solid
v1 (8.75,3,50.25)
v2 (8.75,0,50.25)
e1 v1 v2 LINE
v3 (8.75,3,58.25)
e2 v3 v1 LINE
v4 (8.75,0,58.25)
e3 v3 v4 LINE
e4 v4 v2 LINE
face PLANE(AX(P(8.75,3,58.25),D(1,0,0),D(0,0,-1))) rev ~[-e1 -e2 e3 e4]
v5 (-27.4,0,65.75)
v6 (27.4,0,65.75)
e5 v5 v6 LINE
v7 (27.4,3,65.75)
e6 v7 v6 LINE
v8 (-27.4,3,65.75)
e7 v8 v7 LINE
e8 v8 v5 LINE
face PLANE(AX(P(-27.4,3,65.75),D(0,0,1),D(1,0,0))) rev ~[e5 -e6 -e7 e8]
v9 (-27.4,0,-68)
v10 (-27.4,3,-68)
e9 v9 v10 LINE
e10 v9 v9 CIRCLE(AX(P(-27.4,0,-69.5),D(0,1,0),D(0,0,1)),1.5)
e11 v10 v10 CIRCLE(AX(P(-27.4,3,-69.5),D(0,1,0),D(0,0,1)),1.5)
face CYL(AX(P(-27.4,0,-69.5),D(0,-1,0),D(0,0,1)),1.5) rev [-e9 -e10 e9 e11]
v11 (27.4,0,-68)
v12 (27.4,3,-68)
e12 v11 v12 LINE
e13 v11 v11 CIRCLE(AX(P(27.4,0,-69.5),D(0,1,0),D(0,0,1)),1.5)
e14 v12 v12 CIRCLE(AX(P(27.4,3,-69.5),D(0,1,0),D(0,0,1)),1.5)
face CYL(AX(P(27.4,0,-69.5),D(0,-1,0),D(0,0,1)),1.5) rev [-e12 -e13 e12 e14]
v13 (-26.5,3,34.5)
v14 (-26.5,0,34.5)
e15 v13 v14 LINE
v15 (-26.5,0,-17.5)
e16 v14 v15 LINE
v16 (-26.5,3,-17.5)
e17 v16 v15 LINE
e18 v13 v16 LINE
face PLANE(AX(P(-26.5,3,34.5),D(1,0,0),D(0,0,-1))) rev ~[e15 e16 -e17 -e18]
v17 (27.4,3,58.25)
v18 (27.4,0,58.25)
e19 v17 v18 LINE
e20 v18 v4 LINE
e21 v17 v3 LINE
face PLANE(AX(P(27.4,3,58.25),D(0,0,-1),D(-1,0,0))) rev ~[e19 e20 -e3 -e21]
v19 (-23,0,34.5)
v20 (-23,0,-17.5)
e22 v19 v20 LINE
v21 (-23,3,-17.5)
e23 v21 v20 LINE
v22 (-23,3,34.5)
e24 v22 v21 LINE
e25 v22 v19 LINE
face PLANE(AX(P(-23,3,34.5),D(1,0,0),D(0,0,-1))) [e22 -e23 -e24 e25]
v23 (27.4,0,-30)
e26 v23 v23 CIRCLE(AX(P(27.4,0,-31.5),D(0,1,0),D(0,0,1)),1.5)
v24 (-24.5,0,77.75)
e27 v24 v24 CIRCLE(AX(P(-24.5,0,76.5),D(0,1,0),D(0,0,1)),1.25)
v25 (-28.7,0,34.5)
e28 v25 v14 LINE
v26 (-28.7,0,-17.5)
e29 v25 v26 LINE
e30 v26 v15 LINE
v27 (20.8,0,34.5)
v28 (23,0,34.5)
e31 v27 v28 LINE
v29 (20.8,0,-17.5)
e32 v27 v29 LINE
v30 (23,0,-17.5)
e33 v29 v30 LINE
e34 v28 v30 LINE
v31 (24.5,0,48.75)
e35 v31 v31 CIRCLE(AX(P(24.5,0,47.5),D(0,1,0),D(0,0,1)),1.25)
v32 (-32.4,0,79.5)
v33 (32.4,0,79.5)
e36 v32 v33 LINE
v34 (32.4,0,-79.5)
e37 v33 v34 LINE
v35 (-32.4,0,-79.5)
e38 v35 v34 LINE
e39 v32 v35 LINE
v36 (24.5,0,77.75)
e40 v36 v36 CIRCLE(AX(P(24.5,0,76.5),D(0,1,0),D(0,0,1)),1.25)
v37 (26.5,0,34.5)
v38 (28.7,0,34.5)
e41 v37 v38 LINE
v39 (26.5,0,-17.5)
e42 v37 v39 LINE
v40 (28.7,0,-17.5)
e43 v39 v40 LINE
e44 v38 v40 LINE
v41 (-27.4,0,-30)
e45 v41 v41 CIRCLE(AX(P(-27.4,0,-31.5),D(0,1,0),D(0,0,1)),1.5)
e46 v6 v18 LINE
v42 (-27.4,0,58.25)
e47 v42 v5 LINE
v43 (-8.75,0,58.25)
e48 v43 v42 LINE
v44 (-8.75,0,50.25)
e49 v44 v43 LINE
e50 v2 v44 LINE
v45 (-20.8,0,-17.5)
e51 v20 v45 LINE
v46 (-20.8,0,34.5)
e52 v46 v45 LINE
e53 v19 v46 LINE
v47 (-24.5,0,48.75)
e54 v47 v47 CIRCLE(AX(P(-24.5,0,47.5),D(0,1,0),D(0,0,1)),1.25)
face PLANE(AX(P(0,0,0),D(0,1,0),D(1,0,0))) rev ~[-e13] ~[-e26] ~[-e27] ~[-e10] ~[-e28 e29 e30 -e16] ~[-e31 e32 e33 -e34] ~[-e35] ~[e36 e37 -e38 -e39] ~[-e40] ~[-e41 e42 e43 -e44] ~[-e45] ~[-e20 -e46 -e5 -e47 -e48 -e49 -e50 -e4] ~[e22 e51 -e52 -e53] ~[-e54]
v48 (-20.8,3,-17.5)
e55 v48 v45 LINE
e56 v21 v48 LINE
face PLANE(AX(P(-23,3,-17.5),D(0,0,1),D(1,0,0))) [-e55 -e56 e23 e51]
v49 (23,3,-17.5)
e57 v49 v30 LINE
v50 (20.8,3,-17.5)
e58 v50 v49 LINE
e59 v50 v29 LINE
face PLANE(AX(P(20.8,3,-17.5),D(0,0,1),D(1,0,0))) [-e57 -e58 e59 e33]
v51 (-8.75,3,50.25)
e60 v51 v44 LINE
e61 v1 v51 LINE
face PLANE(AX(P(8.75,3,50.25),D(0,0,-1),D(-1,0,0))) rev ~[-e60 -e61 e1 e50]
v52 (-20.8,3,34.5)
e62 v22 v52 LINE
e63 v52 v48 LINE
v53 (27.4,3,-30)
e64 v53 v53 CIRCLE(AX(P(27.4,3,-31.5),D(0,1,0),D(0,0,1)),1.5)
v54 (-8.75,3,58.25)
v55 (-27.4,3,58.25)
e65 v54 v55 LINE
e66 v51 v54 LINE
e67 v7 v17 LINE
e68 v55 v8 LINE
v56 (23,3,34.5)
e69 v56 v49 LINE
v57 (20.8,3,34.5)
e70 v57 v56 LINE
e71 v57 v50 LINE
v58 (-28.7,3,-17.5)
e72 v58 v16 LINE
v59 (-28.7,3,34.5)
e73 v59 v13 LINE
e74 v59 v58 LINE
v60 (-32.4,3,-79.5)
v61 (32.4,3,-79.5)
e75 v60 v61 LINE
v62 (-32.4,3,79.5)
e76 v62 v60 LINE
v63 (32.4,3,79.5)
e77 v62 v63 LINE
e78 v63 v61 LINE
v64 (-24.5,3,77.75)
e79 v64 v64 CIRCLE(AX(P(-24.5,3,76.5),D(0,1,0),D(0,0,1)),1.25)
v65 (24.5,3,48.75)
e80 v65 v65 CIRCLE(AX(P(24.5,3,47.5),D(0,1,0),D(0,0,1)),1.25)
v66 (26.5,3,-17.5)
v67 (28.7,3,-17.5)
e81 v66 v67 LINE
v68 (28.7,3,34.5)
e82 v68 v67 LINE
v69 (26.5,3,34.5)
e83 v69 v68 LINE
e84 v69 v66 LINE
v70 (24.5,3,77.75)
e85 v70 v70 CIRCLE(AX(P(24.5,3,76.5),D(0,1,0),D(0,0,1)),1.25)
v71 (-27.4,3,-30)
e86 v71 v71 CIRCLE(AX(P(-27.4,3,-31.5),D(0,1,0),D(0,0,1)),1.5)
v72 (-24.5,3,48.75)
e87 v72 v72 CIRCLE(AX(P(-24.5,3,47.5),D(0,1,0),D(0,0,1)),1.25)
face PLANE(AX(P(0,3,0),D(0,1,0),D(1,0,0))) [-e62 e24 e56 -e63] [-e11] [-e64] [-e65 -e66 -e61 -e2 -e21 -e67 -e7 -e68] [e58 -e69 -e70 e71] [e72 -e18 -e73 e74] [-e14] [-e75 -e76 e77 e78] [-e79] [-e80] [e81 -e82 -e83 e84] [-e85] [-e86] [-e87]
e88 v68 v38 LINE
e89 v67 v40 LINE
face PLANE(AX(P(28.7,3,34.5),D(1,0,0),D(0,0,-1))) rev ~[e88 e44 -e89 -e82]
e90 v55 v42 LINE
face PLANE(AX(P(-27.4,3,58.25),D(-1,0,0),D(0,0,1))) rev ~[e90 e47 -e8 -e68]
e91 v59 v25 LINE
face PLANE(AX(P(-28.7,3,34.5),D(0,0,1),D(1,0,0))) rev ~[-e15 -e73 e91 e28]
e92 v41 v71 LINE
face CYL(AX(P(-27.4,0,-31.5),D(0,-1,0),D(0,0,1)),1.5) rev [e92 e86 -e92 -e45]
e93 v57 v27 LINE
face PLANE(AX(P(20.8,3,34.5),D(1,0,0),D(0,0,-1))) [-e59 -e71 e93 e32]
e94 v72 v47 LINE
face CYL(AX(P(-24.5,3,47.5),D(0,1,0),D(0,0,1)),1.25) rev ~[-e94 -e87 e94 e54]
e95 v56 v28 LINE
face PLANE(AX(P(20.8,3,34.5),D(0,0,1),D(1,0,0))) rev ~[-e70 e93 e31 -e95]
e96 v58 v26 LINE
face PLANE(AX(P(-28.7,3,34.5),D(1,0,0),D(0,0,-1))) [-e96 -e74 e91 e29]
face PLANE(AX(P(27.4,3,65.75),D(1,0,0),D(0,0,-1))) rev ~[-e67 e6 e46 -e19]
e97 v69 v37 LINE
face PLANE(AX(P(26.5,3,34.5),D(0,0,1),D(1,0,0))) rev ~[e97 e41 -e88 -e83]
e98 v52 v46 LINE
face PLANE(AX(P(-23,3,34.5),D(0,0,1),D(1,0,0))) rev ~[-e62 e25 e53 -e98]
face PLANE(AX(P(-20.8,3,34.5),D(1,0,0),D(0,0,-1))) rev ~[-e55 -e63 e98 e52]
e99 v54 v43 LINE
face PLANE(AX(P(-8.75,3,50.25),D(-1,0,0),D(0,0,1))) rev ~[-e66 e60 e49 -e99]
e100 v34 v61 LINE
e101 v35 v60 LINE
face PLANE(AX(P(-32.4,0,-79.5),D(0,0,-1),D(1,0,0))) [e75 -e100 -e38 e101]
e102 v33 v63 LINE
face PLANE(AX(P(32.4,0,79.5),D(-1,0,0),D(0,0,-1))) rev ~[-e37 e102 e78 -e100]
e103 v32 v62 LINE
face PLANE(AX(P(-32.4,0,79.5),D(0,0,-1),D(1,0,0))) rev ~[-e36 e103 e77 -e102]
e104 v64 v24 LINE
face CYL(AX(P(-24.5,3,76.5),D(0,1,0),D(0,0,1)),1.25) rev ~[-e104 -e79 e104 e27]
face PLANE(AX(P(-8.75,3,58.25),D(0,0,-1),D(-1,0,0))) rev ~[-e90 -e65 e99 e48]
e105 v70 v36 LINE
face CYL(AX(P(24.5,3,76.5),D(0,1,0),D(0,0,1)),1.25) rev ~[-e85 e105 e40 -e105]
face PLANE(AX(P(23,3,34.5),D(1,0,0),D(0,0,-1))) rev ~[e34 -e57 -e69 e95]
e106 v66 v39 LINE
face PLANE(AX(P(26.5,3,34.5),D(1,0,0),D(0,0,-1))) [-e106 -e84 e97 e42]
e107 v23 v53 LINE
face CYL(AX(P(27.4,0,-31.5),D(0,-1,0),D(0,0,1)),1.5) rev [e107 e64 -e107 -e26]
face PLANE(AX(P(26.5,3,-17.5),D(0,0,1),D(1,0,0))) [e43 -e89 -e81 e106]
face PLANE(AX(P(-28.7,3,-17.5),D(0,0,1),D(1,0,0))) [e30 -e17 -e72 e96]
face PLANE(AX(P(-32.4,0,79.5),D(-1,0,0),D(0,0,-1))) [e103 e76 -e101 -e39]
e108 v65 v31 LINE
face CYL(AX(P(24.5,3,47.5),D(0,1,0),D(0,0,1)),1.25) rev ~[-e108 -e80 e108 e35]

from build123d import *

# Parameters (mm, degrees)
SKETCH1_W           = 64.8
SKETCH1_H           = 159
SKETCH1_R           = 1.5
BOSS_EXTRUDE1_DEPTH = 3
SKETCH7_W           = 2.2
SKETCH7_H           = 52
CUT_EXTRUDE4_DEPTH  = 86.901164136
CUT_EXTRUDE6_DEPTH  = 86.901164136
SKETCH12_R          = 1.25
CUT_EXTRUDE8_DEPTH  = 10


with BuildPart() as part:
    # Sketch1 → Boss-Extrude1 (new body)
    with BuildSketch(Plane(origin=(0, 0, 0), x_dir=(1, 0, 0), z_dir=(0, 1, 0))):
        Rectangle(SKETCH1_W, SKETCH1_H)
        with Locations(Location((-27.4, 69.5, 0), (0, 0, 270))):
            Circle(SKETCH1_R, mode=Mode.SUBTRACT)
        with Locations(Location((27.4, 69.5, 0), (0, 0, 270))):
            Circle(SKETCH1_R, mode=Mode.SUBTRACT)
        with Locations(Location((27.4, 31.5, 0), (0, 0, 270))):
            Circle(SKETCH1_R, mode=Mode.SUBTRACT)
        with Locations(Location((-27.4, 31.5, 0), (0, 0, 270))):
            Circle(SKETCH1_R, mode=Mode.SUBTRACT)
    extrude(amount=BOSS_EXTRUDE1_DEPTH)

    # Sketch7 → Cut-Extrude4 (cut, through all)
    with BuildSketch(Plane(origin=(0, 3, 0), x_dir=(1, 0, 0), z_dir=(0, 1, 0))):
        with Locations((-27.6, -8.5)):
            Rectangle(SKETCH7_W, SKETCH7_H)
        with Locations((27.6, -8.5)):
            Rectangle(SKETCH7_W, SKETCH7_H)
        with Locations((-21.9, -8.5)):
            Rectangle(SKETCH7_W, SKETCH7_H)
        with Locations((21.9, -8.5)):
            Rectangle(SKETCH7_W, SKETCH7_H)
    extrude(amount=-CUT_EXTRUDE4_DEPTH, mode=Mode.SUBTRACT)

    # Sketch9 → Cut-Extrude6 (cut, through all)
    with BuildSketch(Plane(origin=(0, 3, 0), x_dir=(1, 0, 0), z_dir=(0, 1, 0))):
        Polygon((-27.4, -65.75), (27.4, -65.75), (27.4, -58.25), (8.75, -58.25), (8.75, -50.25), (-8.75, -50.25), (-8.75, -58.25), (-27.4, -58.25), align=None)
    extrude(amount=-CUT_EXTRUDE6_DEPTH, mode=Mode.SUBTRACT)

    # Sketch12 → Cut-Extrude8 (cut)
    with BuildSketch(Plane(origin=(0, 3, 0), x_dir=(1, 0, 0), z_dir=(0, 1, 0))):
        with Locations(Location((-24.5, -47.5, 0), (0, 0, 270))):
            Circle(SKETCH12_R)
        with Locations(Location((24.5, -47.5, 0), (0, 0, 270))):
            Circle(SKETCH12_R)
        with Locations(Location((24.5, -76.5, 0), (0, 0, 270))):
            Circle(SKETCH12_R)
        with Locations(Location((-24.5, -76.5, 0), (0, 0, 270))):
            Circle(SKETCH12_R)
    extrude(amount=-CUT_EXTRUDE8_DEPTH, mode=Mode.SUBTRACT)


solid = part.part
